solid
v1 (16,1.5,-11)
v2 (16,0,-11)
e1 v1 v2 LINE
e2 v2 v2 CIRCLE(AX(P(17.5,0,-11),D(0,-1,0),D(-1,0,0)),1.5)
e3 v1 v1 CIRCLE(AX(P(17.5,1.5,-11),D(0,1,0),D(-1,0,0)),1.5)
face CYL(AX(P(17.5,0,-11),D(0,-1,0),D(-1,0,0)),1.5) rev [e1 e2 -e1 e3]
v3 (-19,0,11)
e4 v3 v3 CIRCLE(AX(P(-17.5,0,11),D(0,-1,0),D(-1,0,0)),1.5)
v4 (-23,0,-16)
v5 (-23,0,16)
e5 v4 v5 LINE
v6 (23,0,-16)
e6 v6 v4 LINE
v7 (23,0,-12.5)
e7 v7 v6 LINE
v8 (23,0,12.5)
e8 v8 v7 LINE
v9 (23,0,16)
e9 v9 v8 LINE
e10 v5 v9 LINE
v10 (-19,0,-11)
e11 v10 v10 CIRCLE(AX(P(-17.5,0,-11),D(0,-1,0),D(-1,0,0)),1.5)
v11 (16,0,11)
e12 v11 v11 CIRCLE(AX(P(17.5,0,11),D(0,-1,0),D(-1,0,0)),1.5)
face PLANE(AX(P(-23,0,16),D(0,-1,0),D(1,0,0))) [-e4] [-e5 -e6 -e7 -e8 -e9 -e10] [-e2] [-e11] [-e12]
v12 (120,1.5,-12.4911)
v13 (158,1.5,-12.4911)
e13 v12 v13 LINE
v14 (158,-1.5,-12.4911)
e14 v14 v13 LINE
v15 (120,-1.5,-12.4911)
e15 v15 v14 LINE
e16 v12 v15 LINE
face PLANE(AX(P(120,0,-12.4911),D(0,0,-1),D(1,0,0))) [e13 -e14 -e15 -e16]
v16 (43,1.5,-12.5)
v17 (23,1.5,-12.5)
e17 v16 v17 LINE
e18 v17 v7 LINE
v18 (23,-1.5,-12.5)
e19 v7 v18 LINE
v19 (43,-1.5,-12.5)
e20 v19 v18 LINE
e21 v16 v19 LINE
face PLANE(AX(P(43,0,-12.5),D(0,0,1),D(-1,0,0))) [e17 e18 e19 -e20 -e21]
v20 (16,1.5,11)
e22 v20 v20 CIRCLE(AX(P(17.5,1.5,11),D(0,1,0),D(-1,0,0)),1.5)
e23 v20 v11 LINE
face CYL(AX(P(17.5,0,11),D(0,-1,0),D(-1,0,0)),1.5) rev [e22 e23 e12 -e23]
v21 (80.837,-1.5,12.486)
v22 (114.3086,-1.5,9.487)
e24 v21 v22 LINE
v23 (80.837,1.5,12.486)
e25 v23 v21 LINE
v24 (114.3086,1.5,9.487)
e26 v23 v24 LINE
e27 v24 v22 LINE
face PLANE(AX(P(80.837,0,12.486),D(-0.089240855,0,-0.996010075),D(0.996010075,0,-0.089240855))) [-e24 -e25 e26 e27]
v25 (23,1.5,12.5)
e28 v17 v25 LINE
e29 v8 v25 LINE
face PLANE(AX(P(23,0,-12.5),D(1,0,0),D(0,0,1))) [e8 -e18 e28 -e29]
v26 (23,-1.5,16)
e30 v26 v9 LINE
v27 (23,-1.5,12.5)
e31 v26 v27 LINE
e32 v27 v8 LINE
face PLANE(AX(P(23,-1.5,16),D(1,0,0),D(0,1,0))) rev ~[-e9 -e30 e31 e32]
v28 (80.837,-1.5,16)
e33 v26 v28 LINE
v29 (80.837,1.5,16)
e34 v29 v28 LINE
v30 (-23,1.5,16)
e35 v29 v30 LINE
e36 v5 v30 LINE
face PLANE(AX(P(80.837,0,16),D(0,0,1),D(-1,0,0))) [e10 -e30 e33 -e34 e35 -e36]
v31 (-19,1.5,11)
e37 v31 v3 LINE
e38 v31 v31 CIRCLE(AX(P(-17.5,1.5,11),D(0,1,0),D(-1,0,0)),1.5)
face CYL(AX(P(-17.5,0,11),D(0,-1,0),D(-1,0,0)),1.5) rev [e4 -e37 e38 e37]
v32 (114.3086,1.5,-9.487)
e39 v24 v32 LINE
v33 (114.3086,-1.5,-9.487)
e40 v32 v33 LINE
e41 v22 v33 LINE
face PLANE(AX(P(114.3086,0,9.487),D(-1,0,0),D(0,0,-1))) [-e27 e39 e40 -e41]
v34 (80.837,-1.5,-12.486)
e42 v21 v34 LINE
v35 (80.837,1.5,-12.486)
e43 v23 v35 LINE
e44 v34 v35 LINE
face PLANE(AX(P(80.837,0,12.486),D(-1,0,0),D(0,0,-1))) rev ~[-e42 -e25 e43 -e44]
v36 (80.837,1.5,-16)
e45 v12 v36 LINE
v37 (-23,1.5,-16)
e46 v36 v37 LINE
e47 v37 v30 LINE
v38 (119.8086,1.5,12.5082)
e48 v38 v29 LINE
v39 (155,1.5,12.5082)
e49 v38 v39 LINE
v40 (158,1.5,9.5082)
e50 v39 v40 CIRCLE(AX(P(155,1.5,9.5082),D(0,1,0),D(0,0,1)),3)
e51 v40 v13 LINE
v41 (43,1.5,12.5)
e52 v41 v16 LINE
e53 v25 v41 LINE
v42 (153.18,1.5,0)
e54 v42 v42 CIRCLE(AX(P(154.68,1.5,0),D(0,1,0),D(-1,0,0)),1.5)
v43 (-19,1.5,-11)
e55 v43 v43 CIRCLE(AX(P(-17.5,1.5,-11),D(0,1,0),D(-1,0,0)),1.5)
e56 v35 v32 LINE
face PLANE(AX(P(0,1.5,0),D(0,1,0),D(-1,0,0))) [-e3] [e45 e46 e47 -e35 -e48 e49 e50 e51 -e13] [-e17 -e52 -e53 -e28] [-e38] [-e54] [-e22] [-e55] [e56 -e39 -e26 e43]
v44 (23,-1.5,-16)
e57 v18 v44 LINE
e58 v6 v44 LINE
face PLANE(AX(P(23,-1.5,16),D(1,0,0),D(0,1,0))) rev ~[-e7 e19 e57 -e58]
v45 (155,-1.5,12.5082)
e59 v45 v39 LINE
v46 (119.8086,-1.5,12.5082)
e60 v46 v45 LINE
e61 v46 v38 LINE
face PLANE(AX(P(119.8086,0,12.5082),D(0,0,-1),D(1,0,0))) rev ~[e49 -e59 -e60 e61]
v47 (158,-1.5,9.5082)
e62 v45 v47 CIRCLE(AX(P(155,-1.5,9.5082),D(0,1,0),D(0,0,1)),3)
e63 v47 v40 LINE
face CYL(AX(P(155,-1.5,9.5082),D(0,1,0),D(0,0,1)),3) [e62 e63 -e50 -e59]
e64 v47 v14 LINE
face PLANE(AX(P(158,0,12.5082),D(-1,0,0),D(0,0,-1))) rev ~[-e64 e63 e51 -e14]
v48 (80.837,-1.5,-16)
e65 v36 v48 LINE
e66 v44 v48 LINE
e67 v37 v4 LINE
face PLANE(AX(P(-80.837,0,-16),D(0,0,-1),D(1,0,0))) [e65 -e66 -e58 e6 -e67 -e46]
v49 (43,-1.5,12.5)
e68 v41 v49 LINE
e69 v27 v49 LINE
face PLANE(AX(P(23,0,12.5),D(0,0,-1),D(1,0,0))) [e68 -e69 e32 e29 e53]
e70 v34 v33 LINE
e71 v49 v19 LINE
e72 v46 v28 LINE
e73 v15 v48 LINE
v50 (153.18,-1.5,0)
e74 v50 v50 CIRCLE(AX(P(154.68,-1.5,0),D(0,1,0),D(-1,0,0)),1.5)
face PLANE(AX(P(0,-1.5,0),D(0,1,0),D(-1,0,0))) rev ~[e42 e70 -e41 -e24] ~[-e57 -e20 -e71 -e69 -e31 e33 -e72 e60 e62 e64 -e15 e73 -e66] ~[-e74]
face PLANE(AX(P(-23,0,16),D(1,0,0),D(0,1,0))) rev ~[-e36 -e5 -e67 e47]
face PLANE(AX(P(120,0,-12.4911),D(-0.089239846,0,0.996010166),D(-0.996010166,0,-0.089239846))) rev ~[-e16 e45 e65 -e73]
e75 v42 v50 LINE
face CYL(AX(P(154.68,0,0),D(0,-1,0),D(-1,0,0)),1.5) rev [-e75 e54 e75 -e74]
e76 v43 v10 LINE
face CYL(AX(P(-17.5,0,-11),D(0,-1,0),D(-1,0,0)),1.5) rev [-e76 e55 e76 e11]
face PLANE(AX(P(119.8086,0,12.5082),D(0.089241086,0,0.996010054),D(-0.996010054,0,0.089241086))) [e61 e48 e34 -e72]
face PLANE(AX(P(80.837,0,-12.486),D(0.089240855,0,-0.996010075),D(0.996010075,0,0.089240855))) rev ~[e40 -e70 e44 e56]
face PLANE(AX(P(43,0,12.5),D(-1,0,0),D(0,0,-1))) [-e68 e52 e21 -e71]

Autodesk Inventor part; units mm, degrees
ref_plane "YZ Plane" through (0, 0, 0) normal (1, 0, 0) x (0, 1, 0)
ref_plane "XZ Plane" through (0, 0, 0) normal (0, 1, 0) x (-1, 0, 0)
ref_plane "XY Plane" through (0, 0, 0) normal (0, 0, 1) x (1, 0, 0)
sketch "Sketch1" plane through (0, 0, 0) normal (0, 1, 0) x (-1, 0, 0)
  line L0 (-119.8086, 12.5082) -> (-80.837, 16)
  line L1 (-80.837, 16) -> (0, 16)
  line L2 (-120, 0) -> (120, 0) construction
  line L3 (-120, -12.4911) -> (-80.837, -16)
  line L4 (-80.837, -16) -> (0, -16)
  line L5 (0, 16) -> (0, -16) construction
  line L6 (80.837, 16) -> (0, 16)
  line L7 (119.8086, 12.5082) -> (80.837, 16)
  line L8 (120, -12.4911) -> (80.837, -16)
  line L9 (80.837, -16) -> (0, -16)
  line L10 (-80.837, -12.486) -> (-114.3086, -9.487)
  line L11 (-80.837, 12.486) -> (-114.3086, 9.487)
  line L12 (-114.3086, 9.487) -> (-114.3086, -9.487)
  line L13 (-80.837, 12.486) -> (-80.837, -12.486)
  line L14 (-23, 12.5) -> (-43, 12.5)
  line L15 (-43, 12.5) -> (-43, -12.5)
  line L16 (-43, -12.5) -> (-23, -12.5)
  line L17 (-23, -12.5) -> (-23, 12.5)
  line L18 (80.837, -12.486) -> (114.3086, -9.487)
  line L19 (80.837, 12.486) -> (114.3086, 9.487)
  line L20 (114.3086, 9.487) -> (114.3086, -9.487)
  line L21 (80.837, 12.486) -> (80.837, -12.486)
  line L22 (23, 12.5) -> (43, 12.5)
  line L23 (43, 12.5) -> (43, -12.5)
  line L24 (43, -12.5) -> (23, -12.5)
  line L25 (23, -12.5) -> (23, 12.5)
  circle A0 centre (-17.5, -11) radius 1.5
  circle A1 centre (17.5, -11) radius 1.5
  circle A2 centre (-17.5, 11) radius 1.5
  circle A3 centre (17.5, 11) radius 1.5
  line L26 (-119.8086, 12.5082) -> (-158, 12.5082)
  line L27 (-158, 12.5082) -> (-158, -12.4911)
  line L28 (-120, -12.4911) -> (-158, -12.4911)
  circle A4 centre (-154.68, 0) radius 1.5
  line L29 (119.8086, 12.5082) -> (158, 12.5082)
  line L30 (158, 12.5082) -> (158, -12.4911)
  line L31 (120, -12.4911) -> (158, -12.4911)
  circle A5 centre (154.68, 0) radius 1.5
  point P0 (0, 0)
  point P1 (0, 0)
  point P2 (0, 0)
  point P3 (-114.3086, 0)
  point P4 (-33, 12.5)
  dimension "d0" = 25
  dimension "d2" = 80.837
  dimension "d6" = 3.5
  dimension "d9" = 3.5
  dimension "d10" = 3.5
  dimension "d11" = 20
  dimension "d13" = 3
  dimension "d14" = 5
  dimension "d15" = 5.5
  dimension "d17" = 38
  dimension "d18" = 39.163
  dimension "d19" = 5.5
  dimension "d23" = 3
  dimension "d24" = 3.32
  dimension "d30" = 32
  dimension "d33" = 23
  dimension "d34" = 3.5089
extrude "Extrusion1" add sketch "Sketch1" along normal mid plane 3
fillet "Fillet1" radius 3 2 edges at (-158, 0, 12.5082) (158, 0, 12.5082)
sketch "Sketch3" plane through (-80.837, 1.5, 16) normal (0, 0, 1) x (1, 0, 0)
  line L0 (0, 0) -> (161.674, 0) projected
  line L1 (161.674, -3) -> (0, -3) projected
  line L2 (57.837, -3) -> (57.837, 0) projected
  line L3 (103.837, -3) -> (103.837, 0) projected
  line L4 (57.837, -3) -> (57.837, 0) projected
  line L5 (57.837, -1.5) -> (103.837, -1.5)
  line L6 (238.837, -3) -> (238.837, 0) projected
  line L7 (200.6456, 0) -> (235.837, 0) projected
  line L8 (235.837, 0) -> (238.837, 0) projected
  line L9 (238.837, -3) -> (235.837, -3) projected
  line L10 (235.837, -3) -> (200.6456, -3) projected
  line L11 (200.6456, -3) -> (161.674, -3) projected
  line L12 (161.674, 0) -> (200.6456, 0) projected
  line L13 (-38.9716, 0) -> (0, 0) projected
  line L14 (0, -3) -> (-38.9716, -3) projected
  line L15 (-74.163, 0) -> (-38.9716, 0) projected
  line L16 (-38.9716, -3) -> (-74.163, -3) projected
  line L17 (-77.163, 0) -> (-77.163, -3) projected
  line L18 (-74.163, -3) -> (-77.163, -3) projected
  line L19 (-77.163, 0) -> (-74.163, 0) projected
  point P0 (80.837, -1.5)
extrude "Extrusion3" cut sketch "Sketch3" against normal through all contours L0 L2 L1 L14 L16 L18 L17 L19 L15 L13 | L5 L3 L1 L2
properties part number "nakladkapart2" material "PCTG 20%"
